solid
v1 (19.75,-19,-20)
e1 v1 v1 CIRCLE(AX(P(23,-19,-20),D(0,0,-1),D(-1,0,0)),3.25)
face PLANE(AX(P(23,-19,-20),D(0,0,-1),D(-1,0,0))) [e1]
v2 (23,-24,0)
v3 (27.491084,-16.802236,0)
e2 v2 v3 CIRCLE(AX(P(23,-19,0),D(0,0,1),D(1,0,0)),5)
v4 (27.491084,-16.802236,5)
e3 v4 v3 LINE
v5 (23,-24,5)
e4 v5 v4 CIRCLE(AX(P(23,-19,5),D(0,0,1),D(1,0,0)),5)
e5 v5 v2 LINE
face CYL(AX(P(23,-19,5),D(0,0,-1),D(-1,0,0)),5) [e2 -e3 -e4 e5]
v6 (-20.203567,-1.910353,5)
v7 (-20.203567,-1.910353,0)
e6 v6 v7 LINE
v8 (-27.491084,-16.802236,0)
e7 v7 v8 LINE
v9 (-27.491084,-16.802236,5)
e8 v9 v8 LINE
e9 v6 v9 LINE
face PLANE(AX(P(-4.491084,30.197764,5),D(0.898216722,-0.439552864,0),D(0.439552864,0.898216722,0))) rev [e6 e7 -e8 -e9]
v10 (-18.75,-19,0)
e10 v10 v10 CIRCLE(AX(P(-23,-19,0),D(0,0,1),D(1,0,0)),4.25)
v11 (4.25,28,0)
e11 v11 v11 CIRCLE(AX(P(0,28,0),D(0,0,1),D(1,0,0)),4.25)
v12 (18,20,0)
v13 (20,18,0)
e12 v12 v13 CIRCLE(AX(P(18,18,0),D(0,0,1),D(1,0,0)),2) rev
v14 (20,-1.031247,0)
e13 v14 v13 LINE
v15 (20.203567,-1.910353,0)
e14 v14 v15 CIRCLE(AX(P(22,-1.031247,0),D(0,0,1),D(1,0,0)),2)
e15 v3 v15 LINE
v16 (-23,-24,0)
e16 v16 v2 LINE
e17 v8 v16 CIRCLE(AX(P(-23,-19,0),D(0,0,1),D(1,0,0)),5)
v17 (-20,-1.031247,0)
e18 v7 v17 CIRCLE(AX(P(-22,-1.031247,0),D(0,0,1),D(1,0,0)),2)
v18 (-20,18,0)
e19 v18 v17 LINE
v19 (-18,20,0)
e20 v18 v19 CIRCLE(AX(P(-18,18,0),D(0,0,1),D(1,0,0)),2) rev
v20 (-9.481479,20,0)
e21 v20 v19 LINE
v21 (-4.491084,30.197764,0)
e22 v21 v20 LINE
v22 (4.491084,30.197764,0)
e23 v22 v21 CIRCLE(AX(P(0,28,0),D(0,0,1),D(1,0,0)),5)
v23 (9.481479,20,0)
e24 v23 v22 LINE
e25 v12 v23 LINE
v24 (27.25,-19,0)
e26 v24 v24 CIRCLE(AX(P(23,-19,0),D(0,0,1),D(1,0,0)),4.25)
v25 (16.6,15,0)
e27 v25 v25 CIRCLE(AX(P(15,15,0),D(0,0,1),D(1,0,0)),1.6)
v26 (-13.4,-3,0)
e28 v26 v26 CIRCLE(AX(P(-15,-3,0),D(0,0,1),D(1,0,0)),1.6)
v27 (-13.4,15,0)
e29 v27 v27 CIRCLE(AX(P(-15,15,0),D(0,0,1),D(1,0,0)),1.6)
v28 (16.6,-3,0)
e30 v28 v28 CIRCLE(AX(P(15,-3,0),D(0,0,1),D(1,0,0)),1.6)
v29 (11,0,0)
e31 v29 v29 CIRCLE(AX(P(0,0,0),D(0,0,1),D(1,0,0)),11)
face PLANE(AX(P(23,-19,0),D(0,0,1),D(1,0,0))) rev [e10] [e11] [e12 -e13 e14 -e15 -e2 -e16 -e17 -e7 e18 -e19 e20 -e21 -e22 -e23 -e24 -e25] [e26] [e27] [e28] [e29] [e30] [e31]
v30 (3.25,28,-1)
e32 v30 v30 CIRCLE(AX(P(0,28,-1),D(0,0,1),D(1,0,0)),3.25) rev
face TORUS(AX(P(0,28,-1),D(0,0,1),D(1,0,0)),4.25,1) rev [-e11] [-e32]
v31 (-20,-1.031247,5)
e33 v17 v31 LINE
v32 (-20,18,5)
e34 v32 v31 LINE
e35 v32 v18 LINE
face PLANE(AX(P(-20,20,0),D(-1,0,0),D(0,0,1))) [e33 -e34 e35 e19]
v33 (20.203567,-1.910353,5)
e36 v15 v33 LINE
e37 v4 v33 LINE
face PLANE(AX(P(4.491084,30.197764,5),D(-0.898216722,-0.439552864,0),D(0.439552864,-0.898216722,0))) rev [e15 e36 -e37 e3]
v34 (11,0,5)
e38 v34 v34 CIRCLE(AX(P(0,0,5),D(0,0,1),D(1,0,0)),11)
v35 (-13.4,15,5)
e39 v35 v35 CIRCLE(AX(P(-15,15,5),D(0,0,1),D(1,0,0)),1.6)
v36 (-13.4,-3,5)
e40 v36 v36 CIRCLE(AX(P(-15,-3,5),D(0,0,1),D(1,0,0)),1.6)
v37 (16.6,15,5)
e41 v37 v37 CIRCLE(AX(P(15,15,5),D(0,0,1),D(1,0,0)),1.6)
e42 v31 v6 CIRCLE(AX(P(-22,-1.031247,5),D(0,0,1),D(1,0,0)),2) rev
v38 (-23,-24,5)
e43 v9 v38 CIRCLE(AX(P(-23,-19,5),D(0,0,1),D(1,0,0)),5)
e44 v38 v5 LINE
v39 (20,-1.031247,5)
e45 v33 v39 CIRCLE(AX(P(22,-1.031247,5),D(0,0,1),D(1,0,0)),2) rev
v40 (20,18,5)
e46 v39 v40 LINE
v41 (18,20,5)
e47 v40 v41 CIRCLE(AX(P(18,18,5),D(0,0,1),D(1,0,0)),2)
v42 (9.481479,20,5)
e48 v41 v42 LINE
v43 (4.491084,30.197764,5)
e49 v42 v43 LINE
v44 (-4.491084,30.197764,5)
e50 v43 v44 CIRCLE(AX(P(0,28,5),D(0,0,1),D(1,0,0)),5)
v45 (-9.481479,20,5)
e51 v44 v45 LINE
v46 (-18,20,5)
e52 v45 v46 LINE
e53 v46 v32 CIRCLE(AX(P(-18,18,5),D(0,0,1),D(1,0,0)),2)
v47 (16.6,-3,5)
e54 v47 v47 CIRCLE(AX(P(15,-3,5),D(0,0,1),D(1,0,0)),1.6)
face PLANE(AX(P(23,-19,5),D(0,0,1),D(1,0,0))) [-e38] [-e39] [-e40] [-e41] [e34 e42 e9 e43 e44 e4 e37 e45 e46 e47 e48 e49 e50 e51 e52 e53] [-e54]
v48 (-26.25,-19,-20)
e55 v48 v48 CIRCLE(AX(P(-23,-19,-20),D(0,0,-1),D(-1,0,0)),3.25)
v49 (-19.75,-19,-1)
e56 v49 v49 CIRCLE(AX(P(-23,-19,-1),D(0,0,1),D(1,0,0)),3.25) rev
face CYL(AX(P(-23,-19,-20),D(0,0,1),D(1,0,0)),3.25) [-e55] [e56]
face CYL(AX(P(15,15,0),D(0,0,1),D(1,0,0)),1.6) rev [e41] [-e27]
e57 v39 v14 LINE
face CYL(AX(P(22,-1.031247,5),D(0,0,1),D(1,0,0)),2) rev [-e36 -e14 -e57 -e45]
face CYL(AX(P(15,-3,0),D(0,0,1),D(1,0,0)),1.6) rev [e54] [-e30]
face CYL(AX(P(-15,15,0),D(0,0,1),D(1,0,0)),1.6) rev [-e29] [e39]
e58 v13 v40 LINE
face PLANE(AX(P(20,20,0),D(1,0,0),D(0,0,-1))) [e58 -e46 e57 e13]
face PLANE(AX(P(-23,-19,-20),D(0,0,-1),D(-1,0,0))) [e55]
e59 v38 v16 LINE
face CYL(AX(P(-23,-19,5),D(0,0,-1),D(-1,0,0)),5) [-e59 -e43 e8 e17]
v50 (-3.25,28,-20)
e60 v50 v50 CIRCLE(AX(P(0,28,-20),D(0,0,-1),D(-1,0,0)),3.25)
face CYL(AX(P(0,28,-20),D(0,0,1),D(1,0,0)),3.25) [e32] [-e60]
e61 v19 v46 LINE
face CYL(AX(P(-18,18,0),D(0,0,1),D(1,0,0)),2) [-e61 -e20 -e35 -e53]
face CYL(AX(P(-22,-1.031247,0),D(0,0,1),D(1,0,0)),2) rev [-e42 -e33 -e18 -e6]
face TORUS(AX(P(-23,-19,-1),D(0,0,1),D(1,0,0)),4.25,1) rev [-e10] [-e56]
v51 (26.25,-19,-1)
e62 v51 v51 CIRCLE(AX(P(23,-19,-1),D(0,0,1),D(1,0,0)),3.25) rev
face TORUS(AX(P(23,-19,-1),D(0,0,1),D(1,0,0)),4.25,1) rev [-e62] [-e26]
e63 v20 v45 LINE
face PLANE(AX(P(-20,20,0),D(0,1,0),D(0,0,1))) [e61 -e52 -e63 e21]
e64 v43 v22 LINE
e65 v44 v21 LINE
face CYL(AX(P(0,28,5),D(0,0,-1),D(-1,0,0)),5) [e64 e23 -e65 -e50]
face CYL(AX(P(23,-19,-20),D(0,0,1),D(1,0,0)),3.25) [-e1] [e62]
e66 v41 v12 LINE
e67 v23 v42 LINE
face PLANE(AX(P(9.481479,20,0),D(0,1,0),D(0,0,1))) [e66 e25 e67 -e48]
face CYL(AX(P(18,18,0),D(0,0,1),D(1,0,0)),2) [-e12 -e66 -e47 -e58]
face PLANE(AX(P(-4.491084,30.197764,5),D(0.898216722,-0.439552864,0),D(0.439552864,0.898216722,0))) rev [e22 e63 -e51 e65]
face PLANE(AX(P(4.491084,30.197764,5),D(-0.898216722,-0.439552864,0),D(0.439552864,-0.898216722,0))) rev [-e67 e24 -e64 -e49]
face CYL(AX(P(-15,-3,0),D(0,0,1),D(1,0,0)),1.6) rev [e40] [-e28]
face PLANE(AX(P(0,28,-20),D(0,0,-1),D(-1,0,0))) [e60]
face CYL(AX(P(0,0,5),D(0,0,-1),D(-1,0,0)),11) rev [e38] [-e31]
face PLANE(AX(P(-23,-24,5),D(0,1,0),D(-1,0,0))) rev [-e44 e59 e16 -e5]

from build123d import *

# Parameters (mm, degrees)
SKETCH_1_R          = 11
EXTRUDE_1_DEPTH     = 5
SKETCH_2_R          = 3.25
EXTRUDE_2_DEPTH     = 20
FILLET_1_R          = 1
EXTRUDE_3_DEPTH     = 5
FILLET_2_R          = 2
SKETCH_4_R          = 1.6
CUT_EXTRUDE_1_DEPTH = 5


with BuildPart() as part:
    # 草图1 → 凸台-拉伸1 (new body)
    with BuildSketch(Plane.XY):
        with BuildLine():
            Line((-4.49108361, 30.19776432), (-27.49108361, -16.80223568))
            ThreePointArc((-27.49108361, -16.80223568), (-27.241981942, -21.64680736), (-23, -24))
            Line((-23, -24), (23, -24))
            ThreePointArc((23, -24), (27.241981942, -21.64680736), (27.49108361, -16.80223568))
            Line((27.49108361, -16.80223568), (4.49108361, 30.19776432))
            ThreePointArc((4.49108361, 30.19776432), (0, 33), (-4.49108361, 30.19776432))
        make_face()
        Circle(SKETCH_1_R, mode=Mode.SUBTRACT)
    extrude(amount=EXTRUDE_1_DEPTH)

    # 草图2 → 凸台-拉伸2 (add)
    with BuildSketch(Plane(origin=(0, 0, 0), x_dir=(-1, 0, 0), z_dir=(0, 0, -1))):
        with Locations(Location((0, 28, 0), (0, 0, 180))):
            Circle(SKETCH_2_R)
        with Locations(Location((-23, -19, 0), (0, 0, 180))):
            Circle(SKETCH_2_R)
        with Locations(Location((23, -19, 0), (0, 0, 180))):
            Circle(SKETCH_2_R)
    extrude(amount=EXTRUDE_2_DEPTH)

    # 圆角1
    fillet_1_edges = [part.edges().sort_by_distance(p)[0] for p in [
        (-3.25, 28, 0),
        (19.75, -19, 0),
        (-26.25, -19, 0),
    ]]
    fillet(fillet_1_edges, radius=FILLET_1_R)

    # 草图3 → 凸台-拉伸3 (add)
    with BuildSketch(Plane.XY.offset(5)):
        Polygon((-20, 20), (-9.481478916, 20), (-20, -1.494369172), align=None)
        Polygon((20, 20), (20, -1.494369172), (9.481478916, 20), align=None)
    extrude(amount=-EXTRUDE_3_DEPTH)

    # 圆角2
    fillet_2_edges = [part.edges().sort_by_distance(p)[0] for p in [
        (-20, -1.494369172, 2.5),
        (-20, 20, 2.5),
        (20, 20, 2.5),
        (20, -1.494369172, 2.5),
    ]]
    fillet(fillet_2_edges, radius=FILLET_2_R)

    # 草图4 → 切除-拉伸1 (cut)
    with BuildSketch(Plane.XY.offset(5)):
        with Locations((-15, 15)):
            Circle(SKETCH_4_R)
        with Locations((15, 15)):
            Circle(SKETCH_4_R)
        with Locations((15, -3)):
            Circle(SKETCH_4_R)
        with Locations((-15, -3)):
            Circle(SKETCH_4_R)
    extrude(amount=-CUT_EXTRUDE_1_DEPTH, mode=Mode.SUBTRACT)


solid = part.part
